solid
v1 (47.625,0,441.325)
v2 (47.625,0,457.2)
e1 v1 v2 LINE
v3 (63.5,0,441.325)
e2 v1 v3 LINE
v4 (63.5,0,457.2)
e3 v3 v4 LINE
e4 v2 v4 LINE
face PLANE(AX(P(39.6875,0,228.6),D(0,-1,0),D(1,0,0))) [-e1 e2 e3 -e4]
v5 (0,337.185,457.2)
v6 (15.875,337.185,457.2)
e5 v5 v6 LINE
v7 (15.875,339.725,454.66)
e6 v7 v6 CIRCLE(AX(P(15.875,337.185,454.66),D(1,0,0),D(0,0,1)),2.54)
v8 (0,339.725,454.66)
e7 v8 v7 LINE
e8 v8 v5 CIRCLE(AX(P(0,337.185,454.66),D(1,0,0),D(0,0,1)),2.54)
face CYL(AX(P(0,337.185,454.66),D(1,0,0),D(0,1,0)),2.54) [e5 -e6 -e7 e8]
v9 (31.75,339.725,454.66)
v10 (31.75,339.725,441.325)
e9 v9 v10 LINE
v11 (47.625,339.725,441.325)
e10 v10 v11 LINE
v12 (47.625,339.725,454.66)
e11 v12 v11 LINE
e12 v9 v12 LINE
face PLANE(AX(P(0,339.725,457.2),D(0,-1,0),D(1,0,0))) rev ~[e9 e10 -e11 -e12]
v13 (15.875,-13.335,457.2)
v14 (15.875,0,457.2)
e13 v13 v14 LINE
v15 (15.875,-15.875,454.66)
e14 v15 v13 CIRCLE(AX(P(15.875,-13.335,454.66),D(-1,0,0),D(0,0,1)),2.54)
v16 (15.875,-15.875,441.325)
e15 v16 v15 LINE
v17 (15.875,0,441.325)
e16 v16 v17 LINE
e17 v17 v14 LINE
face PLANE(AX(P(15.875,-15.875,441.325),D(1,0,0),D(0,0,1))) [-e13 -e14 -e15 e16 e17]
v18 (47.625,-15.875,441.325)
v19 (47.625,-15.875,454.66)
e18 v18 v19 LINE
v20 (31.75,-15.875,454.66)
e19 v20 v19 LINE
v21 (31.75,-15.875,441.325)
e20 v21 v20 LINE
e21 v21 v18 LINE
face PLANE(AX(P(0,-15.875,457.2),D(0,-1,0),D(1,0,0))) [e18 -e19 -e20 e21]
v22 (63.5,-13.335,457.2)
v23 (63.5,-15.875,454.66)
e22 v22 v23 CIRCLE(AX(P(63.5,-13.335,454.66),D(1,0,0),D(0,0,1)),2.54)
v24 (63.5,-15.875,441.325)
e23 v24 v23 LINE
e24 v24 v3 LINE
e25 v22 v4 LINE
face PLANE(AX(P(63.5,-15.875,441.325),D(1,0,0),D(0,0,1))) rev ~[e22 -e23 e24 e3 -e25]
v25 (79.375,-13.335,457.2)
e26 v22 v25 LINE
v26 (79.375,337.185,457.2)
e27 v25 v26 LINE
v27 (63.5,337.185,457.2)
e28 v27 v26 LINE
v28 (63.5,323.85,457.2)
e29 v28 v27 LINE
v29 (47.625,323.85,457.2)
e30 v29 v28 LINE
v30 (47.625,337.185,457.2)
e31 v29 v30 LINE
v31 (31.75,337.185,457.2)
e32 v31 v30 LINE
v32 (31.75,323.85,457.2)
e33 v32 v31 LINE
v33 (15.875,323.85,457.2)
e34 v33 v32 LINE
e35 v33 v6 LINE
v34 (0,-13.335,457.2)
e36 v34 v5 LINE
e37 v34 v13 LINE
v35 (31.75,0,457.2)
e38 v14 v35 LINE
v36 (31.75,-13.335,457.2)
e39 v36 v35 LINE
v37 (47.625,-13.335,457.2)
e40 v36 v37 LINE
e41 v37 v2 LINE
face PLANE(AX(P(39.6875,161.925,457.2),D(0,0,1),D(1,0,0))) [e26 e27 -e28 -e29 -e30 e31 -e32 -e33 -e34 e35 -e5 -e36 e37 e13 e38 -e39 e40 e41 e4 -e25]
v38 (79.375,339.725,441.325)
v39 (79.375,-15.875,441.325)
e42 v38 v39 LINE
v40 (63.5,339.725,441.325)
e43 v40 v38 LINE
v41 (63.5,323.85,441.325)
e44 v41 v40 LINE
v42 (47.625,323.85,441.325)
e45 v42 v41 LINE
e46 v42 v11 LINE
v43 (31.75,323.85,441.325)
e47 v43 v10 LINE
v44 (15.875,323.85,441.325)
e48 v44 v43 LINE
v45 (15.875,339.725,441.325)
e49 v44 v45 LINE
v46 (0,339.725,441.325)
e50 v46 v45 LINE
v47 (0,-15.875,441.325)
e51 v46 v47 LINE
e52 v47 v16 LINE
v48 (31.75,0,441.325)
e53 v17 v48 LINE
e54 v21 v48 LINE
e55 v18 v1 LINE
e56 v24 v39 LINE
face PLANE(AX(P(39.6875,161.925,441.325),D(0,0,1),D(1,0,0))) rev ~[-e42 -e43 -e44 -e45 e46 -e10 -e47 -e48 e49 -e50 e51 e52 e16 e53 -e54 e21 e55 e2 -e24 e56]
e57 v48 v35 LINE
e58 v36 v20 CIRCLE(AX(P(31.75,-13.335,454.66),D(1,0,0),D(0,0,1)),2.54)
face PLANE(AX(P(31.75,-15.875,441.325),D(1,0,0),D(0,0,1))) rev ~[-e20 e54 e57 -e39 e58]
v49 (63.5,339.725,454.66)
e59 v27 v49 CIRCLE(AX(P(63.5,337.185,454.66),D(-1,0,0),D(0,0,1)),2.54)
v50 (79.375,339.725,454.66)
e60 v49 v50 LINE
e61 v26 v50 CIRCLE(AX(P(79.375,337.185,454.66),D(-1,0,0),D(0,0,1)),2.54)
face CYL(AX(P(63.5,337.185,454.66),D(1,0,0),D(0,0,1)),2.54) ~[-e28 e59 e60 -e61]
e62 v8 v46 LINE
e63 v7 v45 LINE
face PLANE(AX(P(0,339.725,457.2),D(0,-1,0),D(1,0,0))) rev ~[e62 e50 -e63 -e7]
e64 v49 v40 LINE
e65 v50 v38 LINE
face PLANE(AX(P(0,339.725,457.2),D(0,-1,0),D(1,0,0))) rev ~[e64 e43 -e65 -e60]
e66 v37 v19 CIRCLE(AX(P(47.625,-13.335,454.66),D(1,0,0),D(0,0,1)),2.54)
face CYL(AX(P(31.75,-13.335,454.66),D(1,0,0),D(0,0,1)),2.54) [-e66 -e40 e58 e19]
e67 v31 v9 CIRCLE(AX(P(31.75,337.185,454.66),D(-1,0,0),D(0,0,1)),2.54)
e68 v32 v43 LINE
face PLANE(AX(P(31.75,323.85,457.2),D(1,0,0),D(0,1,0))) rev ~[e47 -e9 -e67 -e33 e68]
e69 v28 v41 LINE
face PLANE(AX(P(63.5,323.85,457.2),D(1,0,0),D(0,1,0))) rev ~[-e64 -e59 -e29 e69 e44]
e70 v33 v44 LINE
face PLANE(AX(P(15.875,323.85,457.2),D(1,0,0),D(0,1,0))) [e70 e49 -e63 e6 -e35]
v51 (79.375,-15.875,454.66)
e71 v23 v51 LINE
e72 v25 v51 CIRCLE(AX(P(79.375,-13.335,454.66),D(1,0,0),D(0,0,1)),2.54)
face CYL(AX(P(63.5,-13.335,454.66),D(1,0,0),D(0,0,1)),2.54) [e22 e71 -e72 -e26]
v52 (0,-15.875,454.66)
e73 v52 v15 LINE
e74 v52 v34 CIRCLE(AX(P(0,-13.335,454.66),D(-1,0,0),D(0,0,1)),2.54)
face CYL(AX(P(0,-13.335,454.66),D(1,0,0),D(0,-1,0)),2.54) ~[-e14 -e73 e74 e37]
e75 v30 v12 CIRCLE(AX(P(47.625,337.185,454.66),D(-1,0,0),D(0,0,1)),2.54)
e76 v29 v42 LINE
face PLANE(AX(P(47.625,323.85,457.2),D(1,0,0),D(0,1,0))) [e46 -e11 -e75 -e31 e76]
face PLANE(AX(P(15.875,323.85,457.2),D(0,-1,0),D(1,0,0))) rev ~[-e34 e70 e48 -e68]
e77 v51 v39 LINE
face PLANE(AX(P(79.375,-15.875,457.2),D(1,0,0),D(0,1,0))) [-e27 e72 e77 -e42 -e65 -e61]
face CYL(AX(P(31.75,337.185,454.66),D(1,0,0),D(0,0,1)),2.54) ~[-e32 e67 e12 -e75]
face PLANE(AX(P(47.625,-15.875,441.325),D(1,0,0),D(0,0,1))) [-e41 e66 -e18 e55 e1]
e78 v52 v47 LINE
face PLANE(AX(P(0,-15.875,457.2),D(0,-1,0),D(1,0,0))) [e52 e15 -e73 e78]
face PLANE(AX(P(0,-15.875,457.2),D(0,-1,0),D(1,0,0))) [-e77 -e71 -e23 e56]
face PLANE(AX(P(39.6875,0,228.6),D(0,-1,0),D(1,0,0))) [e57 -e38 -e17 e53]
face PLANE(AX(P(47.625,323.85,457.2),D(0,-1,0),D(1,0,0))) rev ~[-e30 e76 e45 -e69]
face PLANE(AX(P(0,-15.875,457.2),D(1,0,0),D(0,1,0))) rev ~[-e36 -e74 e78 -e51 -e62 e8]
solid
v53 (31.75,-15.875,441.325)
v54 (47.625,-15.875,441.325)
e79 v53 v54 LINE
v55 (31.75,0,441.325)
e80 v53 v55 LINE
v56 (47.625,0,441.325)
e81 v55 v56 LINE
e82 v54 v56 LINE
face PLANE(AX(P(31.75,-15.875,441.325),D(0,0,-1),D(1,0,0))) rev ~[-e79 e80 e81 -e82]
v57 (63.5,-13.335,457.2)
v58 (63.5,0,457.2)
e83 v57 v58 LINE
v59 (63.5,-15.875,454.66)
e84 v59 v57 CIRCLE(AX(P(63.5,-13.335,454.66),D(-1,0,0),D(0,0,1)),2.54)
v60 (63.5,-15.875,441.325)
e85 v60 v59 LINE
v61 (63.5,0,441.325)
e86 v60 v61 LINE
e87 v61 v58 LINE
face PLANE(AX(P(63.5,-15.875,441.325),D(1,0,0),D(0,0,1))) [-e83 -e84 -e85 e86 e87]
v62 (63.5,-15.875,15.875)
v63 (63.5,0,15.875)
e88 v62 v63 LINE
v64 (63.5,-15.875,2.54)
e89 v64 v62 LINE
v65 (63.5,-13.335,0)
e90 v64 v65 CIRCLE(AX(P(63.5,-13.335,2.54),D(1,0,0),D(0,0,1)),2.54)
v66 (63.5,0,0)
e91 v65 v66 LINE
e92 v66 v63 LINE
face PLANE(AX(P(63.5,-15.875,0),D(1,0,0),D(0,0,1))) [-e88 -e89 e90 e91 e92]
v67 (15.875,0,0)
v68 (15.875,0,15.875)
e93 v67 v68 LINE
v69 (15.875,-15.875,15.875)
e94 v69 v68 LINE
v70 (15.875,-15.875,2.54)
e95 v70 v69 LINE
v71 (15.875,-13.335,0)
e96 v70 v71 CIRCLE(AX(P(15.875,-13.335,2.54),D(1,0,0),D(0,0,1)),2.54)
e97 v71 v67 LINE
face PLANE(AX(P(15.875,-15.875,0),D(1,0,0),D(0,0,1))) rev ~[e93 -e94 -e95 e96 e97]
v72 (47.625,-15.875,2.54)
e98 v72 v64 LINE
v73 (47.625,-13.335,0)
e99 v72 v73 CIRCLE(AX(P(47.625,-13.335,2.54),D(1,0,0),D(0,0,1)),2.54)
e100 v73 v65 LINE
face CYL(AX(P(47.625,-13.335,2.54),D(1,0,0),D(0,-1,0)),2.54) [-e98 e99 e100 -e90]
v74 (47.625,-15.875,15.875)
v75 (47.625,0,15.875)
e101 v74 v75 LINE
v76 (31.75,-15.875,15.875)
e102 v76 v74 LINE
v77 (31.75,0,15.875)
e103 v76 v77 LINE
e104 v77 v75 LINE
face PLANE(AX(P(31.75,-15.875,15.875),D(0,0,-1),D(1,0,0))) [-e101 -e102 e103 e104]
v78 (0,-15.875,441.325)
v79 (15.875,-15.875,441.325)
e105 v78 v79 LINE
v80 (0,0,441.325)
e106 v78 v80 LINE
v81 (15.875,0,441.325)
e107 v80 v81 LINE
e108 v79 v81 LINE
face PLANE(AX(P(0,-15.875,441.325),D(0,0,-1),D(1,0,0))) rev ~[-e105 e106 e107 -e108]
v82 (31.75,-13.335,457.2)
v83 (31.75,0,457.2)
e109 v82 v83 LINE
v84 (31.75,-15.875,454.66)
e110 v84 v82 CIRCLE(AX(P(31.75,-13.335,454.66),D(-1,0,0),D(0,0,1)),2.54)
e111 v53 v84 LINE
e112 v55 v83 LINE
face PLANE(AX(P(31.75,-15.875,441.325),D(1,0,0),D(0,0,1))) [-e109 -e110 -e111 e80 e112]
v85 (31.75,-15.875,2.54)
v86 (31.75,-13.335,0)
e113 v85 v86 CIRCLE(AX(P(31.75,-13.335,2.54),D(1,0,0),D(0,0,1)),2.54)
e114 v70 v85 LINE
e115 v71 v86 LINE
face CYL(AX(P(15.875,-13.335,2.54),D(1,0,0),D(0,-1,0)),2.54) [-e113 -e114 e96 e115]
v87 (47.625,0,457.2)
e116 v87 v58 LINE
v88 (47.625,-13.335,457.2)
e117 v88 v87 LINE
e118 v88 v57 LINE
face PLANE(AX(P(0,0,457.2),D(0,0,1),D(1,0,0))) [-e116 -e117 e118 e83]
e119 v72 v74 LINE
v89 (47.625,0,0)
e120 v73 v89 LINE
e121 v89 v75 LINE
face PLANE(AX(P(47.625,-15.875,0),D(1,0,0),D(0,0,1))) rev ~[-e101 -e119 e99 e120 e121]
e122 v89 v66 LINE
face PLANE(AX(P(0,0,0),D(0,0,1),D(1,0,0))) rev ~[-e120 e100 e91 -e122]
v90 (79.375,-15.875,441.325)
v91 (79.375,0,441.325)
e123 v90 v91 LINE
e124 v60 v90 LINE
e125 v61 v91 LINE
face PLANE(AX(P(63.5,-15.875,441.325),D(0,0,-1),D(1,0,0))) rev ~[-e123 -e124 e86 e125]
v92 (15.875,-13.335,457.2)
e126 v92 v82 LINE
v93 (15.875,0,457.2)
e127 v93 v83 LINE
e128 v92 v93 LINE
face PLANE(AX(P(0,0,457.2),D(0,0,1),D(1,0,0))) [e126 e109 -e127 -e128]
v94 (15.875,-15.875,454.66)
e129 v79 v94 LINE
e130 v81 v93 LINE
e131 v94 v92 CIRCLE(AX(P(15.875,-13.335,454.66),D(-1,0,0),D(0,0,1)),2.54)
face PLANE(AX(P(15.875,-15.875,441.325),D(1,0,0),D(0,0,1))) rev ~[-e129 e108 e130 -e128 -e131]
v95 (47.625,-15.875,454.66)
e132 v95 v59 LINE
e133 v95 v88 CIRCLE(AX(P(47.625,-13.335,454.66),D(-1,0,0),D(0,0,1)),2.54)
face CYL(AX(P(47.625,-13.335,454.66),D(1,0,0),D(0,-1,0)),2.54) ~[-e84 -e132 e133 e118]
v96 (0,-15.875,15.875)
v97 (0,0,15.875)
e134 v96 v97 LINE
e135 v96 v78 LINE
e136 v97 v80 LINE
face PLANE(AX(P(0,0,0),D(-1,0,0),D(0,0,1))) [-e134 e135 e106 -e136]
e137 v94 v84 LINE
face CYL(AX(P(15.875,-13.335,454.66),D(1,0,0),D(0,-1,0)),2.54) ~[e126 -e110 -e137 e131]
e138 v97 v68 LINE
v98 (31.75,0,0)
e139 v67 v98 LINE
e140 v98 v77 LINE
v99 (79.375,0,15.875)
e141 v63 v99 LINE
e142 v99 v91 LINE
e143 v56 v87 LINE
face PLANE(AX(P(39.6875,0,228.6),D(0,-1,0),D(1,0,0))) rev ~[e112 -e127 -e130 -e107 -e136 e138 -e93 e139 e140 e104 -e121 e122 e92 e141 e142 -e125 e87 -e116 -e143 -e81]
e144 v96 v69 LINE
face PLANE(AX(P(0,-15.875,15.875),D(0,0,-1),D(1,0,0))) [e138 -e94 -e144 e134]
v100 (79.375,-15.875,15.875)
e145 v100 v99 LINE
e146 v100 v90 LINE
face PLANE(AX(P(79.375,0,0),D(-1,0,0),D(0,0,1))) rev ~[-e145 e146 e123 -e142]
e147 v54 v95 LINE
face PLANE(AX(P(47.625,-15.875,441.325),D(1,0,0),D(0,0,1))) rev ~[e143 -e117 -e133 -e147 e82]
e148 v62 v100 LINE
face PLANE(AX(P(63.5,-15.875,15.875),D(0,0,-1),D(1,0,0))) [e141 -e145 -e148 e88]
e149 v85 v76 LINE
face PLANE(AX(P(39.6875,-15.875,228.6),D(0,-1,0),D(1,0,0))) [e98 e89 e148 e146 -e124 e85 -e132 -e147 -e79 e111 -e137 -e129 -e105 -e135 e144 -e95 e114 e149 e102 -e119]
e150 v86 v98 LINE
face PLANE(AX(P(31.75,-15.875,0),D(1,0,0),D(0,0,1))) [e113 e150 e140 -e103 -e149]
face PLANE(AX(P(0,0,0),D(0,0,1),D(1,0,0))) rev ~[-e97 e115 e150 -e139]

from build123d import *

# Parameters (mm, degrees)
F0_W     = 79.375
F0_H     = 457.2
F1_DEPTH = 15.875
F2_W     = 15.875
F2_H     = 15.875
F3_DEPTH = 15.875
F4_W     = 79.375
F4_H     = 355.6
F5_DEPTH = 15.875
F8_W     = 15.875
F8_H     = 15.875
F9_DEPTH = 15.875
F10_R    = 2.54
F10_2_R  = 2.54


with BuildPart() as f1:
    # F0 (on Front) → F1 (new body)
    with BuildSketch(Plane.XZ):
        with Locations((39.6875, 228.6)):
            Rectangle(F0_W, F0_H)
    extrude(amount=F1_DEPTH)

    # F2 (on face) → F3 (cut, through all)
    with BuildSketch(Plane.XZ.offset(15.875)):
        with Locations((7.9375, 449.2625)):
            Rectangle(F2_W, F2_H)
        with Locations((7.9375, 7.9375)):
            Rectangle(F2_W, F2_H)
        with Locations((39.6875, 449.2625)):
            Rectangle(F2_W, F2_H)
        with Locations((39.6875, 7.9375)):
            Rectangle(F2_W, F2_H)
        with Locations((71.4375, 449.2625)):
            Rectangle(F2_W, F2_H)
        with Locations((71.4375, 7.9375)):
            Rectangle(F2_W, F2_H)
    extrude(amount=-F3_DEPTH, mode=Mode.SUBTRACT)


with BuildPart() as f5:
    # F4 (on face) → F5 (new body)
    with BuildSketch(Plane.XY.offset(457.2)):
        with Locations((39.6875, 161.925)):
            Rectangle(F4_W, F4_H)
    extrude(amount=-F5_DEPTH)

    # F6: cut F1
    add(f1.part, mode=Mode.SUBTRACT)

    # F8 (on face) → F9 (cut, through all)
    with BuildSketch(Plane.XY.offset(457.2)):
        with Locations((23.8125, 331.7875)):
            Rectangle(F8_W, F8_H)
        with Locations((55.5625, 331.7875)):
            Rectangle(F8_W, F8_H)
    extrude(amount=-F9_DEPTH, mode=Mode.SUBTRACT)

    # F10
    f10_edges = [f5.edges().sort_by_distance(p)[0] for p in [
        (71.4375, -15.875, 457.2),
        (39.6875, -15.875, 457.2),
        (7.9375, -15.875, 457.2),
        (71.4375, 339.725, 457.2),
        (39.6875, 339.725, 457.2),
        (7.9375, 339.725, 457.2),
    ]]
    fillet(f10_edges, radius=F10_R)


with BuildPart() as f1_1:
    add(f1.part)

    # F10#2
    f10_2_edges = [f1_1.edges().sort_by_distance(p)[0] for p in [
        (55.5625, -15.875, 457.2),
        (23.8125, -15.875, 457.2),
        (23.8125, -15.875, 0),
        (55.5625, -15.875, 0),
    ]]
    fillet(f10_2_edges, radius=F10_2_R)


solid = Compound([f5.part, f1_1.part])
